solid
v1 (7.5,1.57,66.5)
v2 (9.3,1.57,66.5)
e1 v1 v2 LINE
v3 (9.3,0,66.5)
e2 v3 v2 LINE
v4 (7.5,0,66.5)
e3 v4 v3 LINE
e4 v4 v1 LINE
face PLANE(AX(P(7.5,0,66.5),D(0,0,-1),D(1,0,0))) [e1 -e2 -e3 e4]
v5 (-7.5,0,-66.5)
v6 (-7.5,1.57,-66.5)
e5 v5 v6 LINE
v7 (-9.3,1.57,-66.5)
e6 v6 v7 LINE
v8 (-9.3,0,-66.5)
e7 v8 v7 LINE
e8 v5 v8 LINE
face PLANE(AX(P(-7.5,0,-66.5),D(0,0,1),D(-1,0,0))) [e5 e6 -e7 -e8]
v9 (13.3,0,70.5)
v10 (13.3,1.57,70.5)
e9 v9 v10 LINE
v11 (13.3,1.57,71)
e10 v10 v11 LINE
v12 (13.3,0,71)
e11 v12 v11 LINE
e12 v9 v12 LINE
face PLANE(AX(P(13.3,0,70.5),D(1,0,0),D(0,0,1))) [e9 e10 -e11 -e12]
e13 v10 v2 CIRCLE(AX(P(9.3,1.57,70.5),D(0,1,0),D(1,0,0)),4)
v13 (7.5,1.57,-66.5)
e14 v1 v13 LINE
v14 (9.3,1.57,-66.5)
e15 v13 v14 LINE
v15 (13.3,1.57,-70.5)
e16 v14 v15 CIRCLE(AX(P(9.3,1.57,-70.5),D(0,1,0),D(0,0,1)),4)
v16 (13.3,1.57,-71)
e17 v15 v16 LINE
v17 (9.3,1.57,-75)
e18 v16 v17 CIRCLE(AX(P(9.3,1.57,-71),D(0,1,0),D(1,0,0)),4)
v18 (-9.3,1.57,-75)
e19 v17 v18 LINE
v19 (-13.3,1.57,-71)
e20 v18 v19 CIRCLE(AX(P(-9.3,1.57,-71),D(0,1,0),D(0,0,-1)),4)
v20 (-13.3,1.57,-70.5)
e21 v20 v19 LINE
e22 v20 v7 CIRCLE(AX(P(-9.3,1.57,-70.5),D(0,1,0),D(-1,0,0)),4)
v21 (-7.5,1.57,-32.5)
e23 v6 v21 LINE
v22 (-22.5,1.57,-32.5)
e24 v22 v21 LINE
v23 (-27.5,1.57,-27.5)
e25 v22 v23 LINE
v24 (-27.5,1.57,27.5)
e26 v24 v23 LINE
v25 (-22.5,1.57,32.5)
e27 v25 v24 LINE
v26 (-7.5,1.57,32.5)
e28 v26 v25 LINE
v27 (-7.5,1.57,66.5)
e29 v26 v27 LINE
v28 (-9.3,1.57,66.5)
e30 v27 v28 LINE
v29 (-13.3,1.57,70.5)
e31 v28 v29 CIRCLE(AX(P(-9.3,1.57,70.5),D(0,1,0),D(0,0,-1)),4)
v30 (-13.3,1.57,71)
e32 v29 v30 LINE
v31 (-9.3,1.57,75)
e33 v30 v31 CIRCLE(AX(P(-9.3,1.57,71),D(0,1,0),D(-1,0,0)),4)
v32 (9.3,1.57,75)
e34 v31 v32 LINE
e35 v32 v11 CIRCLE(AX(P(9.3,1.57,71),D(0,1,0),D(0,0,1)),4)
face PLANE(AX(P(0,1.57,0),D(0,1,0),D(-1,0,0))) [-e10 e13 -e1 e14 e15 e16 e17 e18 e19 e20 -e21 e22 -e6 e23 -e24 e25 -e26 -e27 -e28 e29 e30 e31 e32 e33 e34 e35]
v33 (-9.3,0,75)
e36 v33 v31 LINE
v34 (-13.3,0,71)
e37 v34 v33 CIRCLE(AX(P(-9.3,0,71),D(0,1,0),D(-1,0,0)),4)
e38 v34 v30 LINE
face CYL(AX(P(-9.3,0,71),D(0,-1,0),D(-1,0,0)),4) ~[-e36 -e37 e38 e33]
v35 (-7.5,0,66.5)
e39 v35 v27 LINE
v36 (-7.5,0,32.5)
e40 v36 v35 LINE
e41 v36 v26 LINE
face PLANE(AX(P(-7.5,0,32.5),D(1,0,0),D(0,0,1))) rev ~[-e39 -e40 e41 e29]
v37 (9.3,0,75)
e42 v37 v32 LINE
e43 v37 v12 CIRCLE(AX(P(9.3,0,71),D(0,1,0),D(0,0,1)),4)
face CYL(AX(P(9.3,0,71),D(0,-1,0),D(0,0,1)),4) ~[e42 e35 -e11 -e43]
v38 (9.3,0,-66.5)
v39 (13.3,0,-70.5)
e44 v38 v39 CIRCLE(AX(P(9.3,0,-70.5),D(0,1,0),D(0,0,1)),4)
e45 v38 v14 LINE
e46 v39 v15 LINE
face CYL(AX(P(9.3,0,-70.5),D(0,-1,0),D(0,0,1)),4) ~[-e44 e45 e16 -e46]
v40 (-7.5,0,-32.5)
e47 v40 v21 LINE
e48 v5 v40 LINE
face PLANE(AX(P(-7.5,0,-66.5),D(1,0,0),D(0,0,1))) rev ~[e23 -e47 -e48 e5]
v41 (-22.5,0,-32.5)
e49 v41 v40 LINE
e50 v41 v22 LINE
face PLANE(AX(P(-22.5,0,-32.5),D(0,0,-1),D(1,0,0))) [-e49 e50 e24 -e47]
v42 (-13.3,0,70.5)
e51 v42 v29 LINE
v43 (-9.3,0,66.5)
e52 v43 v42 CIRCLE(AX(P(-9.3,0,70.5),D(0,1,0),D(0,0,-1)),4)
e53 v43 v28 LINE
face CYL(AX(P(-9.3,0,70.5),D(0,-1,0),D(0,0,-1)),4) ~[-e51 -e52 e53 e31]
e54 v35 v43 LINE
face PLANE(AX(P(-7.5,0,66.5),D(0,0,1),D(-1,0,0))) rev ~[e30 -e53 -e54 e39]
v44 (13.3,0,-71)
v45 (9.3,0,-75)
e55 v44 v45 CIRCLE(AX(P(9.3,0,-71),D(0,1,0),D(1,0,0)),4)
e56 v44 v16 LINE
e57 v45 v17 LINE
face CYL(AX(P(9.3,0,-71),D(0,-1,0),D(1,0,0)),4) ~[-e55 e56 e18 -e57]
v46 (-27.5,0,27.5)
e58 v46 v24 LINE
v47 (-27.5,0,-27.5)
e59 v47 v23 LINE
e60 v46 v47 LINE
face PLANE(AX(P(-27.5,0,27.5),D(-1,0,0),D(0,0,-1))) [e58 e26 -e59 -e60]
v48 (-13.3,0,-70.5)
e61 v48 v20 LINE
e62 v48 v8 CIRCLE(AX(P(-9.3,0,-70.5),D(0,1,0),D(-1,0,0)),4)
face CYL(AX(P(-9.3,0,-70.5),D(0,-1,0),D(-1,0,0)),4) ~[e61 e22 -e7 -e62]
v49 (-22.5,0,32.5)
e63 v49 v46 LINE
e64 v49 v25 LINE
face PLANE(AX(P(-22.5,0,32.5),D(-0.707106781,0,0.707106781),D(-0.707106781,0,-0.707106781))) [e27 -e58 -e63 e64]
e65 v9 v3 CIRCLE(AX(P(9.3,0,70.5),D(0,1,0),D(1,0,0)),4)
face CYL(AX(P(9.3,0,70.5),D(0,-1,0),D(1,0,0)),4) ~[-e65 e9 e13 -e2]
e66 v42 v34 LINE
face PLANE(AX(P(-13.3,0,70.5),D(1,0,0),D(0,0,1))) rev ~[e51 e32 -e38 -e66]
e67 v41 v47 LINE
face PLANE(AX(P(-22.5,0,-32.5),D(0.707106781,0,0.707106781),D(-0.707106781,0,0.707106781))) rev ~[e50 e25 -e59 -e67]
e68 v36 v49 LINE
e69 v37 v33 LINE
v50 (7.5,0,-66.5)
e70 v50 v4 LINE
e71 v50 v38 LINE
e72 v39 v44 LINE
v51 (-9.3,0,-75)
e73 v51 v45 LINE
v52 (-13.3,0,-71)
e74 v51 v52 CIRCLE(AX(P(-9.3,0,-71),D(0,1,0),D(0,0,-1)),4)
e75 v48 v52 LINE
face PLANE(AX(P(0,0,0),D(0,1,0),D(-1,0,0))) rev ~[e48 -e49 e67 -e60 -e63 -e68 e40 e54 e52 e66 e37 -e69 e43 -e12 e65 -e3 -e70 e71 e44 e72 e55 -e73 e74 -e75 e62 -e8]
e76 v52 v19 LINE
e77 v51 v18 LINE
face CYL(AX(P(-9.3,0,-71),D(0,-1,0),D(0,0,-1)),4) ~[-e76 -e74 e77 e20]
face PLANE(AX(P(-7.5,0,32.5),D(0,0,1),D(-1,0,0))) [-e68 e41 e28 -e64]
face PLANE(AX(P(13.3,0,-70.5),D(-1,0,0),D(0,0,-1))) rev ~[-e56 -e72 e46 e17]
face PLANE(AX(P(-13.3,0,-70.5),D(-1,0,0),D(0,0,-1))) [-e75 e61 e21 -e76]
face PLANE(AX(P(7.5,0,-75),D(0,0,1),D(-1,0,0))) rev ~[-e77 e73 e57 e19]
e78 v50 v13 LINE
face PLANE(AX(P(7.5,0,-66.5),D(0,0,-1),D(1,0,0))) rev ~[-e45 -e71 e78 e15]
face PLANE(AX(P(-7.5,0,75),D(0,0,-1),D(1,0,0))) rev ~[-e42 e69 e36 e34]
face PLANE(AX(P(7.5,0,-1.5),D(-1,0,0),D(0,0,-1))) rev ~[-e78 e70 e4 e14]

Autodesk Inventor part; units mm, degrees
ref_plane "YZ Plane" through (0, 0, 0) normal (1, 0, 0) x (0, 1, 0)
ref_plane "XZ Plane" through (0, 0, 0) normal (0, 1, 0) x (-1, 0, 0)
ref_plane "XY Plane" through (0, 0, 0) normal (0, 0, 1) x (1, 0, 0)
sketch "Sketch1" plane through (0, 0, 0) normal (0, 1, 0) x (-1, 0, 0)
  line L0 (7.5, 75) -> (-7.5, 75)
  line L1 (-7.5, 75) -> (-7.5, -75)
  line L2 (-7.5, -75) -> (7.5, -75)
  line L3 (7.5, -75) -> (7.5, 75)
  line L4 (-7.5, 75) -> (7.5, -75) construction
  line L5 (-7.5, -75) -> (7.5, 75) construction
  line L6 (7.5, -66.5) -> (9.3, -66.5)
  line L7 (13.3, -70.5) -> (13.3, -71)
  line L8 (9.3, -75) -> (7.5, -75)
  line L9 (7.5, -75) -> (7.5, -66.5)
  arc A0 (13.3, -70.5) -> (9.3, -66.5) centre (9.3, -70.5) ccw
  arc A1 (9.3, -75) -> (13.3, -71) centre (9.3, -71) ccw
  line L10 (0, 75) -> (0, -75) construction
  line L11 (-7.5, -66.5) -> (-9.3, -66.5)
  line L12 (-13.3, -70.5) -> (-13.3, -71)
  line L13 (-9.3, -75) -> (-7.5, -75)
  arc A2 (-9.3, -66.5) -> (-13.3, -70.5) centre (-9.3, -70.5) ccw
  arc A3 (-13.3, -71) -> (-9.3, -75) centre (-9.3, -71) ccw
  line L14 (-7.5, 0) -> (7.5, 0) construction
  line L15 (7.5, 66.5) -> (9.3, 66.5)
  line L16 (13.3, 70.5) -> (13.3, 71)
  line L17 (9.3, 75) -> (7.5, 75)
  arc A4 (9.3, 66.5) -> (13.3, 70.5) centre (9.3, 70.5) ccw
  arc A5 (13.3, 71) -> (9.3, 75) centre (9.3, 71) ccw
  arc A6 (-13.3, 70.5) -> (-9.3, 66.5) centre (-9.3, 70.5) ccw
  line L18 (-13.3, 70.5) -> (-13.3, 71)
  arc A7 (-9.3, 75) -> (-13.3, 71) centre (-9.3, 71) ccw
  line L19 (-9.3, 75) -> (-7.5, 75)
  line L20 (-7.5, 66.5) -> (-9.3, 66.5)
  line L21 (7.5, -20.0447) -> (7.5, 20.0447)
  line L22 (7.5, 32.5) -> (22.5, 32.5)
  line L23 (27.5, 27.5) -> (27.5, -27.5)
  line L24 (22.5, -32.5) -> (7.5, -32.5)
  line L25 (7.5, -32.5) -> (7.5, 32.5)
  line L26 (-7.5, 1.5) -> (-14.5, 1.5)
  line L27 (-14.5, 1.5) -> (-14.5, -1.5)
  line L28 (-14.5, -1.5) -> (-7.5, -1.5)
  line L29 (-7.5, -1.5) -> (-7.5, 1.5)
  circle A8 centre (-12.5, 0) radius 0.98
  line L30 (22.5, -32.5) -> (27.5, -27.5)
  line L31 (22.5, 32.5) -> (27.5, 27.5)
  point P0 (0, 0)
  point P1 (0, 0)
  point P2 (13.3, -75)
  point P3 (13.3, -66.5)
  point P4 (0, 0)
  point P5 (27.5, -32.5)
  point P6 (27.5, 32.5)
  point P7 (27.5, 0)
  point P8 (0, 0)
  point P9 (-11, -1.5)
  point P10 (-14.5, 0)
  point P11 (-7.5, 0)
  point P12 (7.5, -32.5)
  dimension "d0" = 150
  dimension "d1" = 15
  dimension "d2" = 5.8
  dimension "d3" = 8.5
  dimension "d4" = 4
  dimension "d5" = 20
  dimension "d6" = 65
  dimension "d7" = 1.96
  dimension "d8" = 3
  dimension "d9" = 7
  dimension "d10" = 5
  dimension "d11" = 5
  dimension "d12" = 5
  dimension "d13" = 5
  dimension "d14" = 5
  dimension "d17" = 1.8
  dimension "d18" = 0.5
  dimension "d19" = 4
  dimension "d20" = 4
extrude "Extrusion1" add sketch "Sketch1" along normal blind 1.57 contours L3 L2 L1 L0 | L17 A5 L16 A4 L15 L3 | L1 L20 A6 L18 A7 L19 | L22 L31 L23 L30 L24 L3 | L1 L13 A3 L12 A2 L11 | L6 A0 L7 A1 L8 L3
equation "\"d12\" = d11"
equation "\"d13\" = d11"
equation "\"d14\" = d13"
properties part number "linefollower_chassy_model"
